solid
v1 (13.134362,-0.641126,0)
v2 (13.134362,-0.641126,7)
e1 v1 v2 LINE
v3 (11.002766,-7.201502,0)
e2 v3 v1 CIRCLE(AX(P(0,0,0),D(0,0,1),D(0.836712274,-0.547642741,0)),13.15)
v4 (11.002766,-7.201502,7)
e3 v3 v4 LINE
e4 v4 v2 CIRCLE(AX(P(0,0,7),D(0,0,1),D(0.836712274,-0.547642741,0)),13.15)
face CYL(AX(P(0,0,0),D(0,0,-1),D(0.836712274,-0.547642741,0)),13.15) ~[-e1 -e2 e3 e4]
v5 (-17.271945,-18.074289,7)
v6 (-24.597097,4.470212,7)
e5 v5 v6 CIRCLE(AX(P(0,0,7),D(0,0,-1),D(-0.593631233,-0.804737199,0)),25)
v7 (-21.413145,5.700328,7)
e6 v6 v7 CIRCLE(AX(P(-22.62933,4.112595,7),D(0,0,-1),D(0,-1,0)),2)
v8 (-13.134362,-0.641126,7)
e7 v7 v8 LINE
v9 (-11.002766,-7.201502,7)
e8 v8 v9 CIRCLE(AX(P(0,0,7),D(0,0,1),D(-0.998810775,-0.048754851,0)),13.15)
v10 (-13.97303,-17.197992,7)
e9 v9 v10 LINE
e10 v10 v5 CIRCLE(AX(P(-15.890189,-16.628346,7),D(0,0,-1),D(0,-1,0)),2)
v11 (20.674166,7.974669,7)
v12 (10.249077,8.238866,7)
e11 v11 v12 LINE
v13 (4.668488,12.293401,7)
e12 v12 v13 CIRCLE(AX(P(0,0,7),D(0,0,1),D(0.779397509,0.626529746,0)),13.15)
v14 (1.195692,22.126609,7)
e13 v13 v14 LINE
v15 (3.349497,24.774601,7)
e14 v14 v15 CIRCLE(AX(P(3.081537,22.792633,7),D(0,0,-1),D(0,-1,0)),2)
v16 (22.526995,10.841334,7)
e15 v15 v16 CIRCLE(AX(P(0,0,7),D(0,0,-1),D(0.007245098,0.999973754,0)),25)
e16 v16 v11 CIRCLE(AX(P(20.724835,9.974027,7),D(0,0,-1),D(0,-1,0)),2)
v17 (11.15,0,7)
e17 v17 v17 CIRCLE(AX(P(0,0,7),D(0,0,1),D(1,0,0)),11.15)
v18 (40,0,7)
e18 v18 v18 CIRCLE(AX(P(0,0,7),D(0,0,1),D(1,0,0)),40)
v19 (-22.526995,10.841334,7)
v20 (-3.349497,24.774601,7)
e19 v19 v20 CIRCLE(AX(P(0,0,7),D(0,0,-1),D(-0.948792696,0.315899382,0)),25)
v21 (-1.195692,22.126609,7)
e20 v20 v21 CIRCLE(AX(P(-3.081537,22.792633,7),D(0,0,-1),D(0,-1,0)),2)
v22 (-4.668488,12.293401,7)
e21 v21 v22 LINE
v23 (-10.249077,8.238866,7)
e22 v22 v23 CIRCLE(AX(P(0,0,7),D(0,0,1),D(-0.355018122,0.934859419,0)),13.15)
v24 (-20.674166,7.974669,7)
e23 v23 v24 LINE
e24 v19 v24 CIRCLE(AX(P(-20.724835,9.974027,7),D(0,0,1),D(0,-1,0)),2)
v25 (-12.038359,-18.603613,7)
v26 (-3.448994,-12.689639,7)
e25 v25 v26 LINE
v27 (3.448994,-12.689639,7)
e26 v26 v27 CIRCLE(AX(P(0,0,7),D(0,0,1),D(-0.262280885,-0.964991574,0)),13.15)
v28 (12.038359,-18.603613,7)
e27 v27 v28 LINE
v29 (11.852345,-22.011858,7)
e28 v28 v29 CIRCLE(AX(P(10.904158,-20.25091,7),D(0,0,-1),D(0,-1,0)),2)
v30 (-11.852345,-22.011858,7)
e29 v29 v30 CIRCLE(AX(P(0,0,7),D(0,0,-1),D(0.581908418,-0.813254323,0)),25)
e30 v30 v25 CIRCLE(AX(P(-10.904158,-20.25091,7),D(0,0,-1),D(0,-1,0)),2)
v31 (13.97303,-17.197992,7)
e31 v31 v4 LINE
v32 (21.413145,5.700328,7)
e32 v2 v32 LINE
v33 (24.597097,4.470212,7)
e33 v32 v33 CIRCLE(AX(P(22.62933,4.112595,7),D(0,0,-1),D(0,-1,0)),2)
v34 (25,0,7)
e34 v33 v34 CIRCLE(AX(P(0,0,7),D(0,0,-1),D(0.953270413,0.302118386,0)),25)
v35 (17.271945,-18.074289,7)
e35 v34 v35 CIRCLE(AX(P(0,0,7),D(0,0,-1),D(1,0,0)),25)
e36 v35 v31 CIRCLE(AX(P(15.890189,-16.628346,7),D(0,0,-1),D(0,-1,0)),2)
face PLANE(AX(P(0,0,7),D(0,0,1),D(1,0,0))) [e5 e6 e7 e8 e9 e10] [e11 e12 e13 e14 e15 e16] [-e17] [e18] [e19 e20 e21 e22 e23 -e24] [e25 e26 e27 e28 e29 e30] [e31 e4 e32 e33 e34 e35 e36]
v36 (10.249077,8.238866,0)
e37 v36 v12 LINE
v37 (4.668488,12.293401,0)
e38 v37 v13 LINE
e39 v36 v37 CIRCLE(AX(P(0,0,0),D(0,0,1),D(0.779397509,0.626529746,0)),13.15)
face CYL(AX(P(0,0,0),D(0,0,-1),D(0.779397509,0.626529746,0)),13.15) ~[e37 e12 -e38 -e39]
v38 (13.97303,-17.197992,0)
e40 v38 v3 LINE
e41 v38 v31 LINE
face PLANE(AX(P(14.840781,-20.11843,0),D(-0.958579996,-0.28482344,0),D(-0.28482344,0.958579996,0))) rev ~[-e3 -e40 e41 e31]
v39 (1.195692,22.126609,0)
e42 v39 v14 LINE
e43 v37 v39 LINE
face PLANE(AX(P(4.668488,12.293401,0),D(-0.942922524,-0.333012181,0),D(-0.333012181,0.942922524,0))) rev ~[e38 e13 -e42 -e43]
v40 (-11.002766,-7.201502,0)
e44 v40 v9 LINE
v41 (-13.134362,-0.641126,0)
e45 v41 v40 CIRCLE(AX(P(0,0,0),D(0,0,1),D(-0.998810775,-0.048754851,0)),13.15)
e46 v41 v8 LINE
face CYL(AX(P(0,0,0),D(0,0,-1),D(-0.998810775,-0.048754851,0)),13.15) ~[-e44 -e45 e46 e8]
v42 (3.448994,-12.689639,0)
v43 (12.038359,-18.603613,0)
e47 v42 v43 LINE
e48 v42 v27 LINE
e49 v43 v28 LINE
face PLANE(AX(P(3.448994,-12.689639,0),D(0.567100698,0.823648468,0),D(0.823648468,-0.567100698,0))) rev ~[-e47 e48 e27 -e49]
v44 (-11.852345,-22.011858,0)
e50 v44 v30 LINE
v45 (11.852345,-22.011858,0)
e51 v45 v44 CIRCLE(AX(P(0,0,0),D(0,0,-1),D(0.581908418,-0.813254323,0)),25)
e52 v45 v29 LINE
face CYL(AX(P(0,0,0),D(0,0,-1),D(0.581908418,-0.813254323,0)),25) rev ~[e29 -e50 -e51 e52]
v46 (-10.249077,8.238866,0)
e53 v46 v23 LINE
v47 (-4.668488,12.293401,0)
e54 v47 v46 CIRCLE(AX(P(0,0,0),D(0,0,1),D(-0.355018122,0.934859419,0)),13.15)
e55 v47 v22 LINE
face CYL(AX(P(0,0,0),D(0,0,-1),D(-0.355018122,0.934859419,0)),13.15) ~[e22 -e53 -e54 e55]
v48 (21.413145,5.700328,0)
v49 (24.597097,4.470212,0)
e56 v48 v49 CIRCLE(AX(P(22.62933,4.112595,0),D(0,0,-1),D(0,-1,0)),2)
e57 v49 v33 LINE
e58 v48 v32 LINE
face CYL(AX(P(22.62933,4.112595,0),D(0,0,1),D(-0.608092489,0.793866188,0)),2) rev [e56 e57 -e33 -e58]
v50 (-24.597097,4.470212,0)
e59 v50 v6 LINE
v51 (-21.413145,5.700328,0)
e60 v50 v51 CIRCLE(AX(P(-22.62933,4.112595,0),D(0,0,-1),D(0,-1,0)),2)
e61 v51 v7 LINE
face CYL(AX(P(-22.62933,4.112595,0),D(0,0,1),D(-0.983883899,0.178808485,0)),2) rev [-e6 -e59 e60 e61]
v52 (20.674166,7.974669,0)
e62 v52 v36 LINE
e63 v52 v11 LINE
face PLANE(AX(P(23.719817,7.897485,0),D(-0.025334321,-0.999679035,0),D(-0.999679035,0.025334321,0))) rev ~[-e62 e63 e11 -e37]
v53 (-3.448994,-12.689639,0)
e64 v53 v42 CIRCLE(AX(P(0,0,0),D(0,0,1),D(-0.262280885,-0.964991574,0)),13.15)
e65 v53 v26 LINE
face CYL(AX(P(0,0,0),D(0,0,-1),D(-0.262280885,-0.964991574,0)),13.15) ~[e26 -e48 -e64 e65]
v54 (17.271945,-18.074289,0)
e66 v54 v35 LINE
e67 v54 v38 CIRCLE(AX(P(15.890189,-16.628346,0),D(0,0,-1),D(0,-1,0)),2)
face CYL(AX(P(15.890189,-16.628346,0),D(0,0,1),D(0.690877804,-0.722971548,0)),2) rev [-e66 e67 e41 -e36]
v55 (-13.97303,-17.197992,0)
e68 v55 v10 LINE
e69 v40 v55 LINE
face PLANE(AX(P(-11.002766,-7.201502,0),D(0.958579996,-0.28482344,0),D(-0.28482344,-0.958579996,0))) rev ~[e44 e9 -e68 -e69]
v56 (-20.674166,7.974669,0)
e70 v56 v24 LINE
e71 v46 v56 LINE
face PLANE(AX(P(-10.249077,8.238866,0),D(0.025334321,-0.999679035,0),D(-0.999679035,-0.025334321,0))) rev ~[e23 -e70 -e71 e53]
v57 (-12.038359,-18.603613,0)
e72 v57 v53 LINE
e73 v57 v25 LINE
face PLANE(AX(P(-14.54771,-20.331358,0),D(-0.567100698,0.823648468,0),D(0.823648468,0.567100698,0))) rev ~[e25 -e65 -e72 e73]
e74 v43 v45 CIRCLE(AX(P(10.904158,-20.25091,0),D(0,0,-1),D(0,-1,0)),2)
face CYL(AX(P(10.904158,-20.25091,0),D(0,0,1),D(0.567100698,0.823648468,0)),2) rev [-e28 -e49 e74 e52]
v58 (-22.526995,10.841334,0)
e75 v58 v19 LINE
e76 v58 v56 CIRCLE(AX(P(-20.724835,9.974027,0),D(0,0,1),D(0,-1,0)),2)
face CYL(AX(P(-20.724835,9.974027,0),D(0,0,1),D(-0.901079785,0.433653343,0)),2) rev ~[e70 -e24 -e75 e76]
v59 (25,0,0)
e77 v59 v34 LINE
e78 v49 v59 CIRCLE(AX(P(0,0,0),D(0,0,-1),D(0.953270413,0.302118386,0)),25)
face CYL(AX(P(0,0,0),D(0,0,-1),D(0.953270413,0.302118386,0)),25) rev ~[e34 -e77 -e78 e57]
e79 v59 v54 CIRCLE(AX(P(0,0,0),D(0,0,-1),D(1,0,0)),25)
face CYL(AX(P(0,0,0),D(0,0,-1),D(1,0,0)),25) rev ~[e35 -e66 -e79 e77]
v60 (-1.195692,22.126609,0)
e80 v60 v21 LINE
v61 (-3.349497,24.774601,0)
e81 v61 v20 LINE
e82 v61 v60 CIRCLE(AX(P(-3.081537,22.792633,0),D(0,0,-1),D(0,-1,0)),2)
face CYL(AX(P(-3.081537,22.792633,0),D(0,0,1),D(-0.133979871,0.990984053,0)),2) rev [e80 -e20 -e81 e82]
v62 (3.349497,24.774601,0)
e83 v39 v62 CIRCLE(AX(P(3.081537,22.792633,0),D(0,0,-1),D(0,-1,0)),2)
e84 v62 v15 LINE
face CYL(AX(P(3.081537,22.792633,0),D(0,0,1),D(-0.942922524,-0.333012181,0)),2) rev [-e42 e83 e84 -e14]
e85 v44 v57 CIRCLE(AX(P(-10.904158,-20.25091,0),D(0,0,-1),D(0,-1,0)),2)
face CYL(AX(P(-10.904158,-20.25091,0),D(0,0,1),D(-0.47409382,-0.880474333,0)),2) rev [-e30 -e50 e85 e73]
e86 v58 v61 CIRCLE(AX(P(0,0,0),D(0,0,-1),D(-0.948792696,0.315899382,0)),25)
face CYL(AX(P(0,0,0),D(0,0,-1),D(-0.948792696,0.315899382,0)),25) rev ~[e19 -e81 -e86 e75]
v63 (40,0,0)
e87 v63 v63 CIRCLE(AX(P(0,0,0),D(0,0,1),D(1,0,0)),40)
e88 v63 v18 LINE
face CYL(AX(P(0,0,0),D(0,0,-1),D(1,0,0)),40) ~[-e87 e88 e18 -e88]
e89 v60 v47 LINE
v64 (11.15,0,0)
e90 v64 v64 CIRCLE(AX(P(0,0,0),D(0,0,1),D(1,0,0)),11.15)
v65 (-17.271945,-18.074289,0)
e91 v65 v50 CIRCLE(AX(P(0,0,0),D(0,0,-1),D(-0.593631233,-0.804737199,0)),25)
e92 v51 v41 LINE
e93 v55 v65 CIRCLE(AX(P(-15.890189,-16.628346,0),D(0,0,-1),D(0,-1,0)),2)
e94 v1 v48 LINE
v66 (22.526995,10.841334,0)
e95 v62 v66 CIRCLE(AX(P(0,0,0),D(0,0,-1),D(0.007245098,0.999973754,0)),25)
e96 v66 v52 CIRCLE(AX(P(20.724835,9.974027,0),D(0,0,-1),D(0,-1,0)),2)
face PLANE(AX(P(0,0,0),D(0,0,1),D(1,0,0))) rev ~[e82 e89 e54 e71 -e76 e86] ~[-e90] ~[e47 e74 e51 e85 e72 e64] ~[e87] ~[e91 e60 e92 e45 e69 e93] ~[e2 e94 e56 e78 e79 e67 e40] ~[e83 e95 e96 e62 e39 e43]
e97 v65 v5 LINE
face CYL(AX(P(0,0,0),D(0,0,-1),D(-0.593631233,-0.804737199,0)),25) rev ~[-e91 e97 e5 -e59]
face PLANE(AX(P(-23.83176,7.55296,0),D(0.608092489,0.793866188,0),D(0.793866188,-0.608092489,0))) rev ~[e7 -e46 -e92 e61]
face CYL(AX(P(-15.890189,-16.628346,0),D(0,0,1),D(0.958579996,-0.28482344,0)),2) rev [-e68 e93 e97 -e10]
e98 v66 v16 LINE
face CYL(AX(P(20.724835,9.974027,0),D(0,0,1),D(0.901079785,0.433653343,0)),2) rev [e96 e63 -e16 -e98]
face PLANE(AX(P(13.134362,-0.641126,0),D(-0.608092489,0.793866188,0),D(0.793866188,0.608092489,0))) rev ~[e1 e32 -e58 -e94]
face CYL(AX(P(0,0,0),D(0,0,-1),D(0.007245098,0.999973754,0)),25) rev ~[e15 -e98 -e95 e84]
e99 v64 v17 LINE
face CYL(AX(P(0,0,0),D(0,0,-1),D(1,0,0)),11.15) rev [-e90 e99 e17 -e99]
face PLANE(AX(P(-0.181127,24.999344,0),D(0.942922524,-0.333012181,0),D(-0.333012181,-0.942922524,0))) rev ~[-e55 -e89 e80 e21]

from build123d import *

# Parameters (mm, degrees)
F0_R     = 40
F0_R_2   = 35
F0_R_3   = 30
F0_R_4   = 11.15
F1_DEPTH = 7
F2_R     = 2


with BuildPart() as f1:
    # F0 (on Top) → F1 (new body)
    with BuildSketch(Plane.XY):
        Circle(F0_R)
        Circle(F0_R_2, mode=Mode.SUBTRACT)
        Circle(F0_R_2)
        Circle(F0_R_3, mode=Mode.SUBTRACT)
        Circle(F0_R_3)
        with BuildLine():
            ThreePointArc((0.1811274542, 24.9993438483), (14.6946313073, 20.2254248594), (23.7198174085, 7.8974845429))
            Line((23.7198174085, 7.8974845429), (24.2635492258, 7.883705044))
            Line((24.2635492258, 7.883705044), (23.8317603315, 7.5529596518))
            ThreePointArc((23.8317603315, 7.5529596518), (24.7062138772, 3.8213866405), (25, 0))
            ThreePointArc((25, 0), (22.3161322869, -11.2689946204), (14.8407808196, -20.1184299752))
            Line((14.8407808196, -20.1184299752), (14.9956981092, -20.6398077624))
            Line((14.9956981092, -20.6398077624), (14.5477104425, -20.3313580678))
            ThreePointArc((14.5477104425, -20.3313580678), (0, -25), (-14.5477104425, -20.3313580678))
            Line((-14.5477104425, -20.3313580678), (-14.9956981092, -20.6398077624))
            Line((-14.9956981092, -20.6398077624), (-14.8407808196, -20.1184299752))
            ThreePointArc((-14.8407808196, -20.1184299752), (-23.7764129074, -7.7254248594), (-23.8317603315, 7.5529596518))
            Line((-23.8317603315, 7.5529596518), (-24.2635492258, 7.883705044))
            Line((-24.2635492258, 7.883705044), (-23.7198174085, 7.8974845429))
            ThreePointArc((-23.7198174085, 7.8974845429), (-14.6946313073, 20.2254248594), (-0.1811274542, 24.9993438483))
            Line((-0.1811274542, 24.9993438483), (0, 25.5122054368))
            Line((0, 25.5122054368), (0.1811274542, 24.9993438483))
        make_face(mode=Mode.SUBTRACT)
        with BuildLine():
            Line((13.1343616929, -0.6411262894), (10.2490772421, 8.2388661651))
            ThreePointArc((10.2490772421, 8.2388661651), (7.7293760676, 10.638573476), (4.6684883087, 12.2934013565))
            Line((4.6684883087, 12.2934013565), (-4.6684883087, 12.2934013565))
            ThreePointArc((-4.6684883087, 12.2934013565), (-7.7293760676, 10.638573476), (-10.2490772421, 8.2388661651))
            Line((-10.2490772421, 8.2388661651), (-13.1343616929, -0.6411262894))
            ThreePointArc((-13.1343616929, -0.6411262894), (-12.5063931893, -4.063573476), (-11.0027663976, -7.2015020377))
            Line((-11.0027663976, -7.2015020377), (-3.4489936381, -12.6896391944))
            ThreePointArc((-3.4489936381, -12.6896391944), (0, -13.15), (3.4489936381, -12.6896391944))
            Line((3.4489936381, -12.6896391944), (11.0027663976, -7.2015020377))
            ThreePointArc((11.0027663976, -7.2015020377), (12.5063931893, -4.063573476), (13.1343616929, -0.6411262894))
        make_face()
        Circle(F0_R_4, mode=Mode.SUBTRACT)
        with BuildLine():
            ThreePointArc((-4.6684883087, 12.2934013565), (0, 13.15), (4.6684883087, 12.2934013565))
            Line((4.6684883087, 12.2934013565), (0.1811274542, 24.9993438483))
            ThreePointArc((0.1811274542, 24.9993438483), (0, 25), (-0.1811274542, 24.9993438483))
            Line((-0.1811274542, 24.9993438483), (-4.6684883087, 12.2934013565))
        make_face()
        with BuildLine():
            ThreePointArc((-13.1343616929, -0.6411262894), (-12.5063931893, 4.063573476), (-10.2490772421, 8.2388661651))
            Line((-10.2490772421, 8.2388661651), (-23.7198174085, 7.8974845429))
            ThreePointArc((-23.7198174085, 7.8974845429), (-23.7764129074, 7.7254248594), (-23.8317603315, 7.5529596518))
            Line((-23.8317603315, 7.5529596518), (-13.1343616929, -0.6411262894))
        make_face()
        with BuildLine():
            Line((-14.5477104425, -20.3313580678), (-3.4489936381, -12.6896391944))
            ThreePointArc((-3.4489936381, -12.6896391944), (-7.7293760676, -10.638573476), (-11.0027663976, -7.2015020377))
            Line((-11.0027663976, -7.2015020377), (-14.8407808196, -20.1184299752))
            ThreePointArc((-14.8407808196, -20.1184299752), (-14.6946313073, -20.2254248594), (-14.5477104425, -20.3313580678))
        make_face()
        with BuildLine():
            Line((14.8407808196, -20.1184299752), (11.0027663976, -7.2015020377))
            ThreePointArc((11.0027663976, -7.2015020377), (7.7293760676, -10.638573476), (3.4489936381, -12.6896391944))
            Line((3.4489936381, -12.6896391944), (14.5477104425, -20.3313580678))
            ThreePointArc((14.5477104425, -20.3313580678), (14.6946313073, -20.2254248594), (14.8407808196, -20.1184299752))
        make_face()
        with BuildLine():
            ThreePointArc((10.2490772421, 8.2388661651), (12.4035854843, 4.3673295197), (13.15, 0))
            ThreePointArc((13.15, 0), (13.1460898419, -0.3206584927), (13.1343616929, -0.6411262894))
            Line((13.1343616929, -0.6411262894), (23.8317603315, 7.5529596518))
            ThreePointArc((23.8317603315, 7.5529596518), (23.7764129074, 7.7254248594), (23.7198174085, 7.8974845429))
            Line((23.7198174085, 7.8974845429), (10.2490772421, 8.2388661651))
        make_face()
        with BuildLine():
            Line((-4.6684883087, 12.2934013565), (4.6684883087, 12.2934013565))
            ThreePointArc((4.6684883087, 12.2934013565), (0, 13.15), (-4.6684883087, 12.2934013565))
        make_face()
        with BuildLine():
            ThreePointArc((13.1343616929, -0.6411262894), (13.1460898419, -0.3206584927), (13.15, 0))
            ThreePointArc((13.15, 0), (12.4035854843, 4.3673295197), (10.2490772421, 8.2388661651))
            Line((10.2490772421, 8.2388661651), (13.1343616929, -0.6411262894))
        make_face()
        with BuildLine():
            ThreePointArc((3.4489936381, -12.6896391944), (7.7293760676, -10.638573476), (11.0027663976, -7.2015020377))
            Line((11.0027663976, -7.2015020377), (3.4489936381, -12.6896391944))
        make_face()
        with BuildLine():
            ThreePointArc((-11.0027663976, -7.2015020377), (-7.7293760676, -10.638573476), (-3.4489936381, -12.6896391944))
            Line((-3.4489936381, -12.6896391944), (-11.0027663976, -7.2015020377))
        make_face()
        with BuildLine():
            Line((-13.1343616929, -0.6411262894), (-10.2490772421, 8.2388661651))
            ThreePointArc((-10.2490772421, 8.2388661651), (-12.5063931893, 4.063573476), (-13.1343616929, -0.6411262894))
        make_face()
        with BuildLine():
            ThreePointArc((-23.8317603315, 7.5529596518), (-23.7764129074, 7.7254248594), (-23.7198174085, 7.8974845429))
            Line((-23.7198174085, 7.8974845429), (-24.2635492258, 7.883705044))
            Line((-24.2635492258, 7.883705044), (-23.8317603315, 7.5529596518))
        make_face()
        with BuildLine():
            Line((-14.9956981092, -20.6398077624), (-14.5477104425, -20.3313580678))
            ThreePointArc((-14.5477104425, -20.3313580678), (-14.6946313073, -20.2254248594), (-14.8407808196, -20.1184299752))
            Line((-14.8407808196, -20.1184299752), (-14.9956981092, -20.6398077624))
        make_face()
        with BuildLine():
            Line((14.9956981092, -20.6398077624), (14.8407808196, -20.1184299752))
            ThreePointArc((14.8407808196, -20.1184299752), (14.6946313073, -20.2254248594), (14.5477104425, -20.3313580678))
            Line((14.5477104425, -20.3313580678), (14.9956981092, -20.6398077624))
        make_face()
        with BuildLine():
            Line((24.2635492258, 7.883705044), (23.7198174085, 7.8974845429))
            ThreePointArc((23.7198174085, 7.8974845429), (23.7764129074, 7.7254248594), (23.8317603315, 7.5529596518))
            Line((23.8317603315, 7.5529596518), (24.2635492258, 7.883705044))
        make_face()
        with BuildLine():
            ThreePointArc((-0.1811274542, 24.9993438483), (0, 25), (0.1811274542, 24.9993438483))
            Line((0.1811274542, 24.9993438483), (0, 25.5122054368))
            Line((0, 25.5122054368), (-0.1811274542, 24.9993438483))
        make_face()
    extrude(amount=F1_DEPTH)

    # F2
    f2_edges = [f1.edges().sort_by_distance(p)[0] for p in [
        (0.181127, 24.999344, 3.5),
        (-0.181127, 24.999344, 3.5),
        (23.719817, 7.897485, 3.5),
        (23.83176, 7.55296, 3.5),
        (14.840781, -20.11843, 3.5),
        (14.54771, -20.331358, 3.5),
        (-14.54771, -20.331358, 3.5),
        (-14.840781, -20.11843, 3.5),
        (-23.83176, 7.55296, 3.5),
        (-23.719817, 7.897485, 3.5),
    ]]
    fillet(f2_edges, radius=F2_R)


solid = f1.part
